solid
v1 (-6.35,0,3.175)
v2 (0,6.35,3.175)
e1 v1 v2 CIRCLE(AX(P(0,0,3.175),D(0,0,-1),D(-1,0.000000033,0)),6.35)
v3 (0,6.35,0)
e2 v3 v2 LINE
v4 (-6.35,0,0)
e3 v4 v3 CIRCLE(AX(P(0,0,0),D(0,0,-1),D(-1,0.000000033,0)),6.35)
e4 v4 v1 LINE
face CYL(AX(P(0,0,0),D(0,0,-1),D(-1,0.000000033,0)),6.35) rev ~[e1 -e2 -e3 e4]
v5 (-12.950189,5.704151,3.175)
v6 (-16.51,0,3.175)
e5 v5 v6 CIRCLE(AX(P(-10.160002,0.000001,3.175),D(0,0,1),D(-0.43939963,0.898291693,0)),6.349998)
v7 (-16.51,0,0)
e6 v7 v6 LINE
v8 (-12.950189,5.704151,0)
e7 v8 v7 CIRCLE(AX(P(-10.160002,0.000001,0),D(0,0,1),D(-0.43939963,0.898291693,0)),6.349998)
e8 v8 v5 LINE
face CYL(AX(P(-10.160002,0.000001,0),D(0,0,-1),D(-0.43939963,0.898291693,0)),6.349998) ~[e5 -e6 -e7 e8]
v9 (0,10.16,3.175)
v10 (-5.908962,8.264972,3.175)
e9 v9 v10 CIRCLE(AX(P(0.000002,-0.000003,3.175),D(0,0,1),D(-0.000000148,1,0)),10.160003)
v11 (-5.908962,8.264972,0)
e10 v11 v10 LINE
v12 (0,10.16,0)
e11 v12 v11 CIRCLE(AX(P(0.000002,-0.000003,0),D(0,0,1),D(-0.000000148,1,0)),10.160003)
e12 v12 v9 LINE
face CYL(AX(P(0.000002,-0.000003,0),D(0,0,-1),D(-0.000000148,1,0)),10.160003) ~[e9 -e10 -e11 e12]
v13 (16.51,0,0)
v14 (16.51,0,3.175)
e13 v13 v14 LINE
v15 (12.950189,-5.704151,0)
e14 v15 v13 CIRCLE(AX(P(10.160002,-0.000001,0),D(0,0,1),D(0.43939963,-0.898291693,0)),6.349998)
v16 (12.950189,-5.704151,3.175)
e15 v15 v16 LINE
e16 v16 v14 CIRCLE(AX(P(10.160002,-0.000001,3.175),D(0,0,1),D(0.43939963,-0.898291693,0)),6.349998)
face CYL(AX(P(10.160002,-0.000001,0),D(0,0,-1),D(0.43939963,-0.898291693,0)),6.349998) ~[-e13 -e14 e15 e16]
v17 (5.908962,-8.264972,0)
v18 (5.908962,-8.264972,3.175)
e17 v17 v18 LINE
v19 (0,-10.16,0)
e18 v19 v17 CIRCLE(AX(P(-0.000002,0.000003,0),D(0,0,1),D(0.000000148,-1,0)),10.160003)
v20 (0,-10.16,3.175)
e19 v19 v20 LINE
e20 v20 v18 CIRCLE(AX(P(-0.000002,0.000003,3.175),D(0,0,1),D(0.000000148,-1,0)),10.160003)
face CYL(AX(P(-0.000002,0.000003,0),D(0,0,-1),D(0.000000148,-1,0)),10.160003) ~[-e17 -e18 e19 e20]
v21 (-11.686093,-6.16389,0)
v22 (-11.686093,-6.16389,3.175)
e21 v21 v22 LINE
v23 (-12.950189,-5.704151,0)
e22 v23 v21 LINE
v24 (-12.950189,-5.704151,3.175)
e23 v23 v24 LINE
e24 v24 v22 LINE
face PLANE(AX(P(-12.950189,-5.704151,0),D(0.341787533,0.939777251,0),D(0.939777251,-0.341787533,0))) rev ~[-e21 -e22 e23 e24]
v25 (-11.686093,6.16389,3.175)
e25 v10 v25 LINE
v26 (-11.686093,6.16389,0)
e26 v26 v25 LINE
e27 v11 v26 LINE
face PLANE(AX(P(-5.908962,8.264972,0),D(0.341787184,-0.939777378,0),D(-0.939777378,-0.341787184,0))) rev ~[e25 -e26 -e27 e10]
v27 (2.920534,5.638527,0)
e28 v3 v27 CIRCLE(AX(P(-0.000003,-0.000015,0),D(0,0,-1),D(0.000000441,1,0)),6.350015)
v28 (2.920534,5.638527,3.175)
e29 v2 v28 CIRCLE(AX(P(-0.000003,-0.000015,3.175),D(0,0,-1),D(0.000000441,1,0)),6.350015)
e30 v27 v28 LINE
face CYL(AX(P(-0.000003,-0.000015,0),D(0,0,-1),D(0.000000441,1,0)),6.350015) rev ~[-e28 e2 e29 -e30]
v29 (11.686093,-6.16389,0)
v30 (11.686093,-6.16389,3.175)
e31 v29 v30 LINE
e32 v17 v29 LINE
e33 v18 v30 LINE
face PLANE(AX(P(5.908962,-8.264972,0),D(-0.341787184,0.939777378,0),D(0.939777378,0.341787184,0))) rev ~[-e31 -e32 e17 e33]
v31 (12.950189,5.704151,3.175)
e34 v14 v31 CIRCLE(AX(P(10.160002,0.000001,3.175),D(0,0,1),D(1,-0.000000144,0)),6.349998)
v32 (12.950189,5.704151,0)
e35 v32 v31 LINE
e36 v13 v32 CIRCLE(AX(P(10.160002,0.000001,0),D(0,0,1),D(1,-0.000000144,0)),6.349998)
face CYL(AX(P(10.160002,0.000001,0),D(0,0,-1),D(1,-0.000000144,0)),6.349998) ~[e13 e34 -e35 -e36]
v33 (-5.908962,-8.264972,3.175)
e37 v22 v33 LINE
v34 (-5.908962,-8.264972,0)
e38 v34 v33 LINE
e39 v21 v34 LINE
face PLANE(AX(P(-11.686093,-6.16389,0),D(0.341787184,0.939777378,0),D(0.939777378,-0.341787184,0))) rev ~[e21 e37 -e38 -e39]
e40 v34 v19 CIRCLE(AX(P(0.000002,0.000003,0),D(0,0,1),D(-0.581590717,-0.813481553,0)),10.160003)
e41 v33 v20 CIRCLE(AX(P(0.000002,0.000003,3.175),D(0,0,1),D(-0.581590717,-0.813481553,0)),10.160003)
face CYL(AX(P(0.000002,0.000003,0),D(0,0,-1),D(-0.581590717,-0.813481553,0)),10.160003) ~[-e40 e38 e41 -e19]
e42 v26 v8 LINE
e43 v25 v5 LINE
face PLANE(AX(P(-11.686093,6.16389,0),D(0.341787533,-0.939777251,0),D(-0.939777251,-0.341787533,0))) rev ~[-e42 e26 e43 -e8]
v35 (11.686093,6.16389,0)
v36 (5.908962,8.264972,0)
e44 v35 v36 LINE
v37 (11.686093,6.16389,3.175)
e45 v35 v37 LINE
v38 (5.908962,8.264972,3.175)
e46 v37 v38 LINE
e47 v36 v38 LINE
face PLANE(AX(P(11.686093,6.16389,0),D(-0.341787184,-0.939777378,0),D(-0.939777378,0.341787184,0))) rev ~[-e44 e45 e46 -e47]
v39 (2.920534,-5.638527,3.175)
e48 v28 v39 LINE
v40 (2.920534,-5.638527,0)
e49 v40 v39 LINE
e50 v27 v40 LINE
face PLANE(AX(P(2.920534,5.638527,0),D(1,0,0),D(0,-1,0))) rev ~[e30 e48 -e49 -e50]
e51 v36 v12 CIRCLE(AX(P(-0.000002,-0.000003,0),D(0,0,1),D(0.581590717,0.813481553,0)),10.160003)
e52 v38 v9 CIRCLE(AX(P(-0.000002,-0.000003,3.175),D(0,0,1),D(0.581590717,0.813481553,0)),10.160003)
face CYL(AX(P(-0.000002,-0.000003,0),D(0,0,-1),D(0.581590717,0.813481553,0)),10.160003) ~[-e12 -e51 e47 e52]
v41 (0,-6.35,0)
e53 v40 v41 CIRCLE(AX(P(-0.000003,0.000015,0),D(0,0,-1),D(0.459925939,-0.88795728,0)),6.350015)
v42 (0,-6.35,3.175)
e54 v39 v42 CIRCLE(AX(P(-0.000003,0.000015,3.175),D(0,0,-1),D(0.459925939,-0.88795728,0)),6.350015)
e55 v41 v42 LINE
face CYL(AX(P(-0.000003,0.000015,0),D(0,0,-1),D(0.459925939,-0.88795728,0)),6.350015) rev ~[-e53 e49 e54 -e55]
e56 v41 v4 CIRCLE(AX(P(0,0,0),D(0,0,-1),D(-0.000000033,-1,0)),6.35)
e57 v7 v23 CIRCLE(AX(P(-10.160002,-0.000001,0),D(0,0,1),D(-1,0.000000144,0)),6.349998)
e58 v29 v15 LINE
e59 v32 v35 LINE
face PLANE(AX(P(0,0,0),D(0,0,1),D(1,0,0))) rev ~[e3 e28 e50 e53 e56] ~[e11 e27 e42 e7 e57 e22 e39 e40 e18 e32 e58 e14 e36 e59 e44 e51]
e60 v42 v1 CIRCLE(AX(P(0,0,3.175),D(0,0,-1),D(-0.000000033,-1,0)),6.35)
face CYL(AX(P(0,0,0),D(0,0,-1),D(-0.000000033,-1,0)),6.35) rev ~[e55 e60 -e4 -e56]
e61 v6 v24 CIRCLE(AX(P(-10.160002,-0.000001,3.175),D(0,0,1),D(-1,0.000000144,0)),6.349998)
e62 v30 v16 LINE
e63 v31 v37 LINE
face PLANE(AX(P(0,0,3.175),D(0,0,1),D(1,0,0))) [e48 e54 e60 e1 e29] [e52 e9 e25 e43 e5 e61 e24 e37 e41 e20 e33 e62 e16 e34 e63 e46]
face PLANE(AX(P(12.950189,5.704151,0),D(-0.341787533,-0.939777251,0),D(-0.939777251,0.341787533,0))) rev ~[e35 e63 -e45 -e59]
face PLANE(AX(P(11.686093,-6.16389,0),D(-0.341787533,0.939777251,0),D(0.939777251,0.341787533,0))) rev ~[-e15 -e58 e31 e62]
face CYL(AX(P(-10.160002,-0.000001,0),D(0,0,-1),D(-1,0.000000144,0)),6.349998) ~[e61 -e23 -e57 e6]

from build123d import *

# Parameters (mm, degrees)
F1_DEPTH = 3.175


with BuildPart() as f1:
    # F0 (on Top) → F1 (new body)
    with BuildSketch(Plane.XY):
        with BuildLine():
            ThreePointArc((5.908962, 8.264972), (3.102699, 9.67465), (0, 10.16))
            ThreePointArc((0, 10.16), (-3.102699, 9.67465), (-5.908962, 8.264972))
            Line((-5.908962, 8.264972), (-11.686093, 6.16389))
            Line((-11.686093, 6.16389), (-12.950189, 5.704151))
            ThreePointArc((-12.950189, 5.704151), (-15.547031, 3.361904), (-16.51, 0))
            ThreePointArc((-16.51, 0), (-15.547031, -3.361904), (-12.950189, -5.704151))
            Line((-12.950189, -5.704151), (-11.686093, -6.16389))
            Line((-11.686093, -6.16389), (-5.908962, -8.264972))
            ThreePointArc((-5.908962, -8.264972), (-3.102699, -9.67465), (0, -10.16))
            ThreePointArc((0, -10.16), (3.102699, -9.67465), (5.908962, -8.264972))
            Line((5.908962, -8.264972), (11.686093, -6.16389))
            Line((11.686093, -6.16389), (12.950189, -5.704151))
            ThreePointArc((12.950189, -5.704151), (15.547031, -3.361904), (16.51, 0))
            ThreePointArc((16.51, 0), (15.547031, 3.361904), (12.950189, 5.704151))
            Line((12.950189, 5.704151), (11.686093, 6.16389))
            Line((11.686093, 6.16389), (5.908962, 8.264972))
        make_face()
        with BuildLine():
            ThreePointArc((-6.35, 0), (-4.490128, 4.490128), (0, 6.35))
            ThreePointArc((0, 6.35), (1.502973, 6.169568), (2.920534, 5.638527))
            Line((2.920534, 5.638527), (2.920534, 0))
            Line((2.920534, 0), (2.920534, -5.638527))
            ThreePointArc((2.920534, -5.638527), (1.502973, -6.169568), (0, -6.35))
            ThreePointArc((0, -6.35), (-4.490128, -4.490128), (-6.35, 0))
        make_face(mode=Mode.SUBTRACT)
    extrude(amount=F1_DEPTH)


solid = f1.part
